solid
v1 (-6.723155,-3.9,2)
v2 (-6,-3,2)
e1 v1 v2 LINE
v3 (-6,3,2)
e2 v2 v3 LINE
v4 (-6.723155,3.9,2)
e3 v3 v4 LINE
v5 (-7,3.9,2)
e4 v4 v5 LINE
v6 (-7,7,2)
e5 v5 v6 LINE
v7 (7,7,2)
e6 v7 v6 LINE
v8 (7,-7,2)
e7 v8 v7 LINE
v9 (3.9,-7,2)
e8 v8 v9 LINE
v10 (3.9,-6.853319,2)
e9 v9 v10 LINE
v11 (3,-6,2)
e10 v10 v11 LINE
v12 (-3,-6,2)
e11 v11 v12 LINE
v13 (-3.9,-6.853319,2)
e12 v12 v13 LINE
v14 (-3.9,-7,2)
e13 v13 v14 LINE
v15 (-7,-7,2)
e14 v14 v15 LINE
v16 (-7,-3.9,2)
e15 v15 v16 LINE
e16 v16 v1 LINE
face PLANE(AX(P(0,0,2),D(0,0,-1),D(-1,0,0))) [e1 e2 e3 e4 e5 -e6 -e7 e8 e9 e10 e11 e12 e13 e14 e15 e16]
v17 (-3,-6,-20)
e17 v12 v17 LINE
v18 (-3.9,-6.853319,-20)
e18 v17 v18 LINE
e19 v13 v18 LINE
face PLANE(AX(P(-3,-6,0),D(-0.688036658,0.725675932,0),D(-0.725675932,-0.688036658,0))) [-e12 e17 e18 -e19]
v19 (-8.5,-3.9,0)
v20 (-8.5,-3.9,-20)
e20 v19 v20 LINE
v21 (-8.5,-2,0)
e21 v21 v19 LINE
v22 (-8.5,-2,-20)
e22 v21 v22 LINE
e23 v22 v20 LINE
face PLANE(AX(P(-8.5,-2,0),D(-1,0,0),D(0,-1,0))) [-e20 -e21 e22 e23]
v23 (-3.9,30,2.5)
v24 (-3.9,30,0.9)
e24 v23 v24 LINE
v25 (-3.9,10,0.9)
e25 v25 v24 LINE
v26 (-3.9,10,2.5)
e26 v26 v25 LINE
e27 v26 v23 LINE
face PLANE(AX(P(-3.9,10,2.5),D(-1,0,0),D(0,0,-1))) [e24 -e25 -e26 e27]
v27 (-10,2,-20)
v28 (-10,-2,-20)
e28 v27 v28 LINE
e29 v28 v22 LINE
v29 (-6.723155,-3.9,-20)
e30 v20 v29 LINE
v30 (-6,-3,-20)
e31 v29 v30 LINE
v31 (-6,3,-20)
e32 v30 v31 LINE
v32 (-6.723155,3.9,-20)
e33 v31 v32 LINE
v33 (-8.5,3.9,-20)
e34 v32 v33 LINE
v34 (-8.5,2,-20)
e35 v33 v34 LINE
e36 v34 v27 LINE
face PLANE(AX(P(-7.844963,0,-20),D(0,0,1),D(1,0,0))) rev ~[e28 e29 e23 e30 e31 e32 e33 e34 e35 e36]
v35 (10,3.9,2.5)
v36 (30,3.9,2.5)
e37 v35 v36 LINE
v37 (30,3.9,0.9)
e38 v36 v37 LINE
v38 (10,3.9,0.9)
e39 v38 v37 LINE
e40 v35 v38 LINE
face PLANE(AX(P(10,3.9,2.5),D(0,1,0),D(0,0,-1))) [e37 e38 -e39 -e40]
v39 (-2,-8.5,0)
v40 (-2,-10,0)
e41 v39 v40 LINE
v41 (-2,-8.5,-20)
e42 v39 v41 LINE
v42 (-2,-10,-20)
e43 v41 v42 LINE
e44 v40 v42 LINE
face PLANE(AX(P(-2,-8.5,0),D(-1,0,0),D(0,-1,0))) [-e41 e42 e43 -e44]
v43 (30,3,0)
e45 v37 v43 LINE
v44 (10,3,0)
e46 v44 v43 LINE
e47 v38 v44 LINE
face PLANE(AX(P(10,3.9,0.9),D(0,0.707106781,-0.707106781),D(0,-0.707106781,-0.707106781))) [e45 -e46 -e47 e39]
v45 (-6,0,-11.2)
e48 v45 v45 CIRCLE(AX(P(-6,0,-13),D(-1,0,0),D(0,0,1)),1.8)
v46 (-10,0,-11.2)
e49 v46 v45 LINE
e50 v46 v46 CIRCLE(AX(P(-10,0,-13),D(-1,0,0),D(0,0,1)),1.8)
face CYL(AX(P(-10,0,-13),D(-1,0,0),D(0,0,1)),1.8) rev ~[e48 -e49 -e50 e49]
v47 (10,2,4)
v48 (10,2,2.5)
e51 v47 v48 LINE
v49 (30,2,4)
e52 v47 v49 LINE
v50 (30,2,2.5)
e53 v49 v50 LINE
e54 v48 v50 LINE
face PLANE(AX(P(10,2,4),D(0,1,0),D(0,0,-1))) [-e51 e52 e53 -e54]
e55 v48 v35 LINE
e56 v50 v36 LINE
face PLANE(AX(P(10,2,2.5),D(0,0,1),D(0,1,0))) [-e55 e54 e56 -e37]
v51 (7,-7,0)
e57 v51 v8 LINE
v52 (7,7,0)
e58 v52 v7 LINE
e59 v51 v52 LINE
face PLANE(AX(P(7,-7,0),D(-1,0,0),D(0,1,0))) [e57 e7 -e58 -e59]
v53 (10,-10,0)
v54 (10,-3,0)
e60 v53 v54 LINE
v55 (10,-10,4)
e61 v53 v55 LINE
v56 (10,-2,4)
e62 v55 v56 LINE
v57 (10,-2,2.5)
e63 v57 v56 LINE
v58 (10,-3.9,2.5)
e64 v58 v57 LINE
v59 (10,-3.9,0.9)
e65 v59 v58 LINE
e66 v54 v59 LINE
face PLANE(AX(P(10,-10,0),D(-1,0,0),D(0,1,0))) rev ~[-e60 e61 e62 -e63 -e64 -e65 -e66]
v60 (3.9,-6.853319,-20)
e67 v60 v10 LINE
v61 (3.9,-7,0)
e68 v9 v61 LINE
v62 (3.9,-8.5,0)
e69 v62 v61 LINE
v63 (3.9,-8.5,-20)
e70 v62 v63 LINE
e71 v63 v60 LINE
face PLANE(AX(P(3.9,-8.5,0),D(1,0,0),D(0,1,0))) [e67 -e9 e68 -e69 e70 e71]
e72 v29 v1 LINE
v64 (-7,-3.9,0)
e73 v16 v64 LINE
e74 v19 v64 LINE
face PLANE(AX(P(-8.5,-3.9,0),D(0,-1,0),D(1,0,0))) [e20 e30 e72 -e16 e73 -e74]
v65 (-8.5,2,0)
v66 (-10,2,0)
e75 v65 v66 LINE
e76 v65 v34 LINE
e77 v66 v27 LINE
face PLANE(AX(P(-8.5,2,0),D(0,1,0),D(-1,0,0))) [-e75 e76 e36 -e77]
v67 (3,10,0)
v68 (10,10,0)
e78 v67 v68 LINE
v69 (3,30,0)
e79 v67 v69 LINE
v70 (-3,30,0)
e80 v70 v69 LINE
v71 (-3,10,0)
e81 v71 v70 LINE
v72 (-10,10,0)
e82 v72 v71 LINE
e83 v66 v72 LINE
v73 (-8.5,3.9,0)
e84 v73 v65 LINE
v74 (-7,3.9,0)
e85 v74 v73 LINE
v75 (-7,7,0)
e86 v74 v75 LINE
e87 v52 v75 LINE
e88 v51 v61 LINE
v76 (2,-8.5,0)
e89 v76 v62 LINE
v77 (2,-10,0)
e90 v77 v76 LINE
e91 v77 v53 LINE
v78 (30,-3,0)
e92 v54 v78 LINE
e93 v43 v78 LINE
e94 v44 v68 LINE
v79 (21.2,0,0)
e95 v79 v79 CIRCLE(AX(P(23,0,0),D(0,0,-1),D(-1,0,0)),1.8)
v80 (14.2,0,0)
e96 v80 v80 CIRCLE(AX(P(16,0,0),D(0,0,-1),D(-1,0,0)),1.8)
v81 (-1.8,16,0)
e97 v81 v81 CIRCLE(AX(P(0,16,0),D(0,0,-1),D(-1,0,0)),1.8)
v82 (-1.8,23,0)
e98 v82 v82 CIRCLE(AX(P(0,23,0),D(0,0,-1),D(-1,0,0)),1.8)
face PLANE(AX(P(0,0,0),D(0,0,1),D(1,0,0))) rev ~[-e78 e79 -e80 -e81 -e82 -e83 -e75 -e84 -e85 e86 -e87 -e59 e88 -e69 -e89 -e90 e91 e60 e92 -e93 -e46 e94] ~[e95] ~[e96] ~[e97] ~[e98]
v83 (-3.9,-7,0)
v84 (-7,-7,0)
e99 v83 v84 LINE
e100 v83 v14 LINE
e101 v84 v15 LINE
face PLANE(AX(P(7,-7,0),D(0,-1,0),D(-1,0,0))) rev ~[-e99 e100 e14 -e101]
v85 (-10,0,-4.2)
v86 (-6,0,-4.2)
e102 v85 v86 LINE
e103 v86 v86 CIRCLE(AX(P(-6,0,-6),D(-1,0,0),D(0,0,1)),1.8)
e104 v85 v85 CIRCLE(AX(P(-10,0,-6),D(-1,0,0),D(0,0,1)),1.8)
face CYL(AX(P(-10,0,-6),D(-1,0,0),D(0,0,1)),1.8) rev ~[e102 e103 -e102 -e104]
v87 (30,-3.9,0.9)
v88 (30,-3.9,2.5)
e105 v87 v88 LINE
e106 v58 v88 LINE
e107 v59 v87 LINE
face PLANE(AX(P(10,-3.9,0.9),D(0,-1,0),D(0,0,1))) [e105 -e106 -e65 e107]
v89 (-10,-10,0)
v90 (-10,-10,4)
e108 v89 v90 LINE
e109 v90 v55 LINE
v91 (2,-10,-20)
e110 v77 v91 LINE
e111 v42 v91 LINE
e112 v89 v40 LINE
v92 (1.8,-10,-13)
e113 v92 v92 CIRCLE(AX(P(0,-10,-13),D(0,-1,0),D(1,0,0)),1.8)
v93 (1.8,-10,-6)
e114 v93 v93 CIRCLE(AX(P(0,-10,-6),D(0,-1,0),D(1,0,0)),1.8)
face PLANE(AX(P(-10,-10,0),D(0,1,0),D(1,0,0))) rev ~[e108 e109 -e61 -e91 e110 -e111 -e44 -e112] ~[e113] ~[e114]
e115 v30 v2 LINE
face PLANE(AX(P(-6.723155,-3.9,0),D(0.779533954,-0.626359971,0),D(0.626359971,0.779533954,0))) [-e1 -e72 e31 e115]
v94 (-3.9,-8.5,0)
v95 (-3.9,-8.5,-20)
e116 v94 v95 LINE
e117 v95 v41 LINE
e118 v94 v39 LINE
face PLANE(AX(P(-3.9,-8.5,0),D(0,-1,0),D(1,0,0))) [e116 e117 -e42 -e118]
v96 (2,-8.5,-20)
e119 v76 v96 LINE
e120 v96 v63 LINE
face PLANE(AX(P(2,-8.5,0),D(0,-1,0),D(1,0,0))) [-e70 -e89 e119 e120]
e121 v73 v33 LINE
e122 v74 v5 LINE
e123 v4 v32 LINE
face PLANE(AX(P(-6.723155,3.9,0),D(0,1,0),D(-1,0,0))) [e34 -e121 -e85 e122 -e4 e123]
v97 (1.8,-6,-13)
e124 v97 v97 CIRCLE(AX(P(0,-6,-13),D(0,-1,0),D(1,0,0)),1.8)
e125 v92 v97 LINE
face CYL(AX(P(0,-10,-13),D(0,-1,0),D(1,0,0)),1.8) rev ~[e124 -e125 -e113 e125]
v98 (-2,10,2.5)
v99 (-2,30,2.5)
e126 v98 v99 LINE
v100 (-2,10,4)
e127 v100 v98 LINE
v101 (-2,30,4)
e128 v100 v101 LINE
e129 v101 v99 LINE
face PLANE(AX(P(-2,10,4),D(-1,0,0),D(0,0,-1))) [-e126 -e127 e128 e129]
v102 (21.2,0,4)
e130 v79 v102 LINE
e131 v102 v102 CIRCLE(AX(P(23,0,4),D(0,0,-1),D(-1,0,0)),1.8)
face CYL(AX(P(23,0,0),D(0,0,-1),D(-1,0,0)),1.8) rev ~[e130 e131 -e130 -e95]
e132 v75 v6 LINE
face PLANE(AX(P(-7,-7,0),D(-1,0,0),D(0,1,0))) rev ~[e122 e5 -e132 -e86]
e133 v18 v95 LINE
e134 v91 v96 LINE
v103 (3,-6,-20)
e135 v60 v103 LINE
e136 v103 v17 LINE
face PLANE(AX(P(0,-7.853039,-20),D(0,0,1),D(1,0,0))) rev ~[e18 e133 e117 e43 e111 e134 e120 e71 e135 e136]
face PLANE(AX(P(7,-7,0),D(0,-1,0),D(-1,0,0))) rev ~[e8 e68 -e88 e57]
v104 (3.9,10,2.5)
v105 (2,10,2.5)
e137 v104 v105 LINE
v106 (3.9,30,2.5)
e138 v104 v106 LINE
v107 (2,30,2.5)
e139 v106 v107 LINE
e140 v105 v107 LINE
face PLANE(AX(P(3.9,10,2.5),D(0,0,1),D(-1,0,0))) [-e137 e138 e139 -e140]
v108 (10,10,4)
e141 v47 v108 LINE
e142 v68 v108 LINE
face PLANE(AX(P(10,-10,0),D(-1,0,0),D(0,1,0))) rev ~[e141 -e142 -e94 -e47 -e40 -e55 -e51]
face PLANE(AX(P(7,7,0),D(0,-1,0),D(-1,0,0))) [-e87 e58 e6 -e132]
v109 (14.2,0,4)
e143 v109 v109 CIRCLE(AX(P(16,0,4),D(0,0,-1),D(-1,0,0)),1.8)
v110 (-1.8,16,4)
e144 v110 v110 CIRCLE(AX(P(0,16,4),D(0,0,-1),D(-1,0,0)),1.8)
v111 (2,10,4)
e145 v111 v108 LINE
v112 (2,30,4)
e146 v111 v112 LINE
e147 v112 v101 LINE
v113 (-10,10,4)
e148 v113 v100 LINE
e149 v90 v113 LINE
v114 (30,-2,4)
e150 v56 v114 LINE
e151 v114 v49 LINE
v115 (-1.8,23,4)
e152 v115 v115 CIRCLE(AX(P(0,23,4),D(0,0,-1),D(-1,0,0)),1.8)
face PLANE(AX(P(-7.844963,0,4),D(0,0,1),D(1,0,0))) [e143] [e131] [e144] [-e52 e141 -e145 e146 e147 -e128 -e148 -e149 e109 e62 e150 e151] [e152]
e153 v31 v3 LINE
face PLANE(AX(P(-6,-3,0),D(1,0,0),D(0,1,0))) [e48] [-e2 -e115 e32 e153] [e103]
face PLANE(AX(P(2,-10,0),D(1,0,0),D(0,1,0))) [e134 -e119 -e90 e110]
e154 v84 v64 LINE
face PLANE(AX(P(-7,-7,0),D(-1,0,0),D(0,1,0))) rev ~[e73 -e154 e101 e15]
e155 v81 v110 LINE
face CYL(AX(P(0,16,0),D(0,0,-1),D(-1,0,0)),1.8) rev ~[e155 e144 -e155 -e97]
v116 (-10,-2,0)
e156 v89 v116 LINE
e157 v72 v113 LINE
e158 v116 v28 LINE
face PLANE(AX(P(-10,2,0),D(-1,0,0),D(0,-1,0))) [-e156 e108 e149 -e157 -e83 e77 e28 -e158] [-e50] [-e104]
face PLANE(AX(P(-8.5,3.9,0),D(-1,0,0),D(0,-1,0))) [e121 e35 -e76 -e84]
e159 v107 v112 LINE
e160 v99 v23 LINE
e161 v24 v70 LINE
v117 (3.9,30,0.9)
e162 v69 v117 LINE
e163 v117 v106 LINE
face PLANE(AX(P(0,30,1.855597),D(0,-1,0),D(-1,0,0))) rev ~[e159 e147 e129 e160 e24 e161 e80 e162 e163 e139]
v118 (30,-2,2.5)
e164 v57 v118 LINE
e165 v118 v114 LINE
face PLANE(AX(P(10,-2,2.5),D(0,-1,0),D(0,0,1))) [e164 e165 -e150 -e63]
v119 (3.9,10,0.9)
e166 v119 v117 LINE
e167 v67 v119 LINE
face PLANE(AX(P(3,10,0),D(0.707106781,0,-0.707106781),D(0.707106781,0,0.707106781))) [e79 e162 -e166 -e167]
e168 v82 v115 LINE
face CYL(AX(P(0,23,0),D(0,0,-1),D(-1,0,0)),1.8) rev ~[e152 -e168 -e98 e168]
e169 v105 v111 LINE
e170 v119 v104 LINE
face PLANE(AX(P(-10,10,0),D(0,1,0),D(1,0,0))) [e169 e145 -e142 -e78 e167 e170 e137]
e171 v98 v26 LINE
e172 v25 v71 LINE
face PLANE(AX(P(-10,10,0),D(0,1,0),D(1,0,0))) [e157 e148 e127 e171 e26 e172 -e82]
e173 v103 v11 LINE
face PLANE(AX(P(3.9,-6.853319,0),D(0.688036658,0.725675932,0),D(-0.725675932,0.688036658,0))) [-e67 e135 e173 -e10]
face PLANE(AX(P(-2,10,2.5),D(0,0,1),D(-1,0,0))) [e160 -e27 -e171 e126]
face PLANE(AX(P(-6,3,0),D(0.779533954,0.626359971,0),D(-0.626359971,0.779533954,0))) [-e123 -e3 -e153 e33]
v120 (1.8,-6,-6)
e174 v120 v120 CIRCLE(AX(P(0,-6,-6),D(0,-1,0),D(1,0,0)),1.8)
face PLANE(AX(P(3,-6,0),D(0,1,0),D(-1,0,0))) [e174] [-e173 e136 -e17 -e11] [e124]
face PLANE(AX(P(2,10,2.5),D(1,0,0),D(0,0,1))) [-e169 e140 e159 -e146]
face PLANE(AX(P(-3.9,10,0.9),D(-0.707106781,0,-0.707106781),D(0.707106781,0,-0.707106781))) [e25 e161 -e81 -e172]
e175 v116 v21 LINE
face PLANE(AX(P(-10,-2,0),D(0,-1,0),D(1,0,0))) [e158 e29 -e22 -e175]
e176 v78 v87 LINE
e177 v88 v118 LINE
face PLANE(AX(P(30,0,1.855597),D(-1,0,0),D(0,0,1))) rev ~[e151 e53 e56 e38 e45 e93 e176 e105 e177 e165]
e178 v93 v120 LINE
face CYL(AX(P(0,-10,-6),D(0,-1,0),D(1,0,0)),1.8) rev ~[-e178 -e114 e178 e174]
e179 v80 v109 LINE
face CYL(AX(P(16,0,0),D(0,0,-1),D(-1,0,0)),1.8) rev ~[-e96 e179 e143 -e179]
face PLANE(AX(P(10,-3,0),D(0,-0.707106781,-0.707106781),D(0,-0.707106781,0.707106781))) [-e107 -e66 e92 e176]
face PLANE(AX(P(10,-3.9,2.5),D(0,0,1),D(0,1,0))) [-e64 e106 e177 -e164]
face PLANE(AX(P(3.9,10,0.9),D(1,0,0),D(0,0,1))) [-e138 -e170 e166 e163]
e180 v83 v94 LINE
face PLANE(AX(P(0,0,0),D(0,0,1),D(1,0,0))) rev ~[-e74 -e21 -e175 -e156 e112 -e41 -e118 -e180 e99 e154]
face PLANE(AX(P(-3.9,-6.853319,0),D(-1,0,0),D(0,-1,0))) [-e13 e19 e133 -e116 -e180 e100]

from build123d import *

# Parameters (mm, degrees)
SKETCH_1_W           = 20
SKETCH_1_H           = 20
EXTRUDE_1_DEPTH      = 4
SKETCH_2_W           = 14
SKETCH_2_H           = 14
CUT_EXTRUDE_1_DEPTH  = 2
EXTRUDE_2_DEPTH      = 20
EXTRUDE_3_DEPTH      = 20
EXTRUDE_4_DEPTH      = 20
EXTRUDE_4_DEPTH_BACK = 4
SKETCH_7_R           = 1.8
CUT_EXTRUDE_5_DEPTH  = 41
SKETCH_8_R           = 1.8
CUT_EXTRUDE_6_DEPTH  = 20
SKETCH_9_R           = 1.8
CUT_EXTRUDE_7_DEPTH  = 20


with BuildPart() as part:
    # 草图1 → 凸台-拉伸1 (new body)
    with BuildSketch(Plane.XY):
        Rectangle(SKETCH_1_W, SKETCH_1_H)
    extrude(amount=EXTRUDE_1_DEPTH)

    # 草图2 → 切除-拉伸1 (cut)
    with BuildSketch(Plane(origin=(0, 0, 0), x_dir=(-1, 0, 0), z_dir=(0, 0, -1))):
        Rectangle(SKETCH_2_W, SKETCH_2_H)
    extrude(amount=-CUT_EXTRUDE_1_DEPTH, mode=Mode.SUBTRACT)

    # 草图3 → 凸台-拉伸2 (add)
    with BuildSketch(Plane(origin=(10, 0, 0), x_dir=(0, 0, -1), z_dir=(1, 0, 0))):
        Polygon((-4, -2), (-4, 2), (-2.5, 2), (-2.5, 3.9), (-0.9, 3.9), (0, 3), (0, -3), (-0.9, -3.9), (-2.5, -3.9), (-2.5, -2), align=None)
    extrude(amount=EXTRUDE_2_DEPTH)

    # 草图5 → 凸台-拉伸3 (add)
    with BuildSketch(Plane(origin=(0, 10, 0), x_dir=(1, 0, 0), z_dir=(0, 1, 0))):
        Polygon((2, -4), (-2, -4), (-2, -2.5), (-3.9, -2.5), (-3.9, -0.9), (-3, 0), (3, 0), (3.9, -0.9), (3.9, -2.5), (2, -2.5), align=None)
    extrude(amount=EXTRUDE_3_DEPTH)

    # 草图6 → 凸台-拉伸4 (add, two sides)
    with BuildSketch(Plane(origin=(0, 0, 0), x_dir=(-1, 0, 0), z_dir=(0, 0, -1))) as extrude_4_sk:
        Polygon((10, 2), (10, -2), (8.5, -2), (8.5, -3.9), (6.723155125, -3.9), (6, -3), (6, 3), (6.723155125, 3.9), (8.5, 3.9), (8.5, 2), align=None)
        Polygon((2, -10), (-2, -10), (-2, -8.5), (-3.9, -8.5), (-3.9, -6.853318906), (-3, -6), (3, -6), (3.9, -6.853318906), (3.9, -8.5), (2, -8.5), align=None)
    extrude(amount=EXTRUDE_4_DEPTH)
    extrude(extrude_4_sk.sketch, amount=-EXTRUDE_4_DEPTH_BACK)

    # 草图7 → 切除-拉伸5 (cut, through all)
    with BuildSketch(Plane.ZY.offset(10)):
        with Locations((-6, 0)):
            Circle(SKETCH_7_R)
        with Locations((-13, 0)):
            Circle(SKETCH_7_R)
    extrude(amount=-CUT_EXTRUDE_5_DEPTH, mode=Mode.SUBTRACT)

    # 草图8 → 切除-拉伸6 (cut)
    with BuildSketch(Plane(origin=(0, 0, 0), x_dir=(-1, 0, 0), z_dir=(0, 0, -1))):
        with Locations((-16, 0)):
            Circle(SKETCH_8_R)
        with Locations((0, 16)):
            Circle(SKETCH_8_R)
        with Locations((0, 23)):
            Circle(SKETCH_8_R)
        with Locations((-23, 0)):
            Circle(SKETCH_8_R)
    extrude(amount=-CUT_EXTRUDE_6_DEPTH, mode=Mode.SUBTRACT)

    # 草图9 → 切除-拉伸7 (cut)
    with BuildSketch(Plane.XZ.offset(10)):
        with Locations((0, -6)):
            Circle(SKETCH_9_R)
        with Locations((0, -13)):
            Circle(SKETCH_9_R)
    extrude(amount=-CUT_EXTRUDE_7_DEPTH, mode=Mode.SUBTRACT)


solid = part.part
